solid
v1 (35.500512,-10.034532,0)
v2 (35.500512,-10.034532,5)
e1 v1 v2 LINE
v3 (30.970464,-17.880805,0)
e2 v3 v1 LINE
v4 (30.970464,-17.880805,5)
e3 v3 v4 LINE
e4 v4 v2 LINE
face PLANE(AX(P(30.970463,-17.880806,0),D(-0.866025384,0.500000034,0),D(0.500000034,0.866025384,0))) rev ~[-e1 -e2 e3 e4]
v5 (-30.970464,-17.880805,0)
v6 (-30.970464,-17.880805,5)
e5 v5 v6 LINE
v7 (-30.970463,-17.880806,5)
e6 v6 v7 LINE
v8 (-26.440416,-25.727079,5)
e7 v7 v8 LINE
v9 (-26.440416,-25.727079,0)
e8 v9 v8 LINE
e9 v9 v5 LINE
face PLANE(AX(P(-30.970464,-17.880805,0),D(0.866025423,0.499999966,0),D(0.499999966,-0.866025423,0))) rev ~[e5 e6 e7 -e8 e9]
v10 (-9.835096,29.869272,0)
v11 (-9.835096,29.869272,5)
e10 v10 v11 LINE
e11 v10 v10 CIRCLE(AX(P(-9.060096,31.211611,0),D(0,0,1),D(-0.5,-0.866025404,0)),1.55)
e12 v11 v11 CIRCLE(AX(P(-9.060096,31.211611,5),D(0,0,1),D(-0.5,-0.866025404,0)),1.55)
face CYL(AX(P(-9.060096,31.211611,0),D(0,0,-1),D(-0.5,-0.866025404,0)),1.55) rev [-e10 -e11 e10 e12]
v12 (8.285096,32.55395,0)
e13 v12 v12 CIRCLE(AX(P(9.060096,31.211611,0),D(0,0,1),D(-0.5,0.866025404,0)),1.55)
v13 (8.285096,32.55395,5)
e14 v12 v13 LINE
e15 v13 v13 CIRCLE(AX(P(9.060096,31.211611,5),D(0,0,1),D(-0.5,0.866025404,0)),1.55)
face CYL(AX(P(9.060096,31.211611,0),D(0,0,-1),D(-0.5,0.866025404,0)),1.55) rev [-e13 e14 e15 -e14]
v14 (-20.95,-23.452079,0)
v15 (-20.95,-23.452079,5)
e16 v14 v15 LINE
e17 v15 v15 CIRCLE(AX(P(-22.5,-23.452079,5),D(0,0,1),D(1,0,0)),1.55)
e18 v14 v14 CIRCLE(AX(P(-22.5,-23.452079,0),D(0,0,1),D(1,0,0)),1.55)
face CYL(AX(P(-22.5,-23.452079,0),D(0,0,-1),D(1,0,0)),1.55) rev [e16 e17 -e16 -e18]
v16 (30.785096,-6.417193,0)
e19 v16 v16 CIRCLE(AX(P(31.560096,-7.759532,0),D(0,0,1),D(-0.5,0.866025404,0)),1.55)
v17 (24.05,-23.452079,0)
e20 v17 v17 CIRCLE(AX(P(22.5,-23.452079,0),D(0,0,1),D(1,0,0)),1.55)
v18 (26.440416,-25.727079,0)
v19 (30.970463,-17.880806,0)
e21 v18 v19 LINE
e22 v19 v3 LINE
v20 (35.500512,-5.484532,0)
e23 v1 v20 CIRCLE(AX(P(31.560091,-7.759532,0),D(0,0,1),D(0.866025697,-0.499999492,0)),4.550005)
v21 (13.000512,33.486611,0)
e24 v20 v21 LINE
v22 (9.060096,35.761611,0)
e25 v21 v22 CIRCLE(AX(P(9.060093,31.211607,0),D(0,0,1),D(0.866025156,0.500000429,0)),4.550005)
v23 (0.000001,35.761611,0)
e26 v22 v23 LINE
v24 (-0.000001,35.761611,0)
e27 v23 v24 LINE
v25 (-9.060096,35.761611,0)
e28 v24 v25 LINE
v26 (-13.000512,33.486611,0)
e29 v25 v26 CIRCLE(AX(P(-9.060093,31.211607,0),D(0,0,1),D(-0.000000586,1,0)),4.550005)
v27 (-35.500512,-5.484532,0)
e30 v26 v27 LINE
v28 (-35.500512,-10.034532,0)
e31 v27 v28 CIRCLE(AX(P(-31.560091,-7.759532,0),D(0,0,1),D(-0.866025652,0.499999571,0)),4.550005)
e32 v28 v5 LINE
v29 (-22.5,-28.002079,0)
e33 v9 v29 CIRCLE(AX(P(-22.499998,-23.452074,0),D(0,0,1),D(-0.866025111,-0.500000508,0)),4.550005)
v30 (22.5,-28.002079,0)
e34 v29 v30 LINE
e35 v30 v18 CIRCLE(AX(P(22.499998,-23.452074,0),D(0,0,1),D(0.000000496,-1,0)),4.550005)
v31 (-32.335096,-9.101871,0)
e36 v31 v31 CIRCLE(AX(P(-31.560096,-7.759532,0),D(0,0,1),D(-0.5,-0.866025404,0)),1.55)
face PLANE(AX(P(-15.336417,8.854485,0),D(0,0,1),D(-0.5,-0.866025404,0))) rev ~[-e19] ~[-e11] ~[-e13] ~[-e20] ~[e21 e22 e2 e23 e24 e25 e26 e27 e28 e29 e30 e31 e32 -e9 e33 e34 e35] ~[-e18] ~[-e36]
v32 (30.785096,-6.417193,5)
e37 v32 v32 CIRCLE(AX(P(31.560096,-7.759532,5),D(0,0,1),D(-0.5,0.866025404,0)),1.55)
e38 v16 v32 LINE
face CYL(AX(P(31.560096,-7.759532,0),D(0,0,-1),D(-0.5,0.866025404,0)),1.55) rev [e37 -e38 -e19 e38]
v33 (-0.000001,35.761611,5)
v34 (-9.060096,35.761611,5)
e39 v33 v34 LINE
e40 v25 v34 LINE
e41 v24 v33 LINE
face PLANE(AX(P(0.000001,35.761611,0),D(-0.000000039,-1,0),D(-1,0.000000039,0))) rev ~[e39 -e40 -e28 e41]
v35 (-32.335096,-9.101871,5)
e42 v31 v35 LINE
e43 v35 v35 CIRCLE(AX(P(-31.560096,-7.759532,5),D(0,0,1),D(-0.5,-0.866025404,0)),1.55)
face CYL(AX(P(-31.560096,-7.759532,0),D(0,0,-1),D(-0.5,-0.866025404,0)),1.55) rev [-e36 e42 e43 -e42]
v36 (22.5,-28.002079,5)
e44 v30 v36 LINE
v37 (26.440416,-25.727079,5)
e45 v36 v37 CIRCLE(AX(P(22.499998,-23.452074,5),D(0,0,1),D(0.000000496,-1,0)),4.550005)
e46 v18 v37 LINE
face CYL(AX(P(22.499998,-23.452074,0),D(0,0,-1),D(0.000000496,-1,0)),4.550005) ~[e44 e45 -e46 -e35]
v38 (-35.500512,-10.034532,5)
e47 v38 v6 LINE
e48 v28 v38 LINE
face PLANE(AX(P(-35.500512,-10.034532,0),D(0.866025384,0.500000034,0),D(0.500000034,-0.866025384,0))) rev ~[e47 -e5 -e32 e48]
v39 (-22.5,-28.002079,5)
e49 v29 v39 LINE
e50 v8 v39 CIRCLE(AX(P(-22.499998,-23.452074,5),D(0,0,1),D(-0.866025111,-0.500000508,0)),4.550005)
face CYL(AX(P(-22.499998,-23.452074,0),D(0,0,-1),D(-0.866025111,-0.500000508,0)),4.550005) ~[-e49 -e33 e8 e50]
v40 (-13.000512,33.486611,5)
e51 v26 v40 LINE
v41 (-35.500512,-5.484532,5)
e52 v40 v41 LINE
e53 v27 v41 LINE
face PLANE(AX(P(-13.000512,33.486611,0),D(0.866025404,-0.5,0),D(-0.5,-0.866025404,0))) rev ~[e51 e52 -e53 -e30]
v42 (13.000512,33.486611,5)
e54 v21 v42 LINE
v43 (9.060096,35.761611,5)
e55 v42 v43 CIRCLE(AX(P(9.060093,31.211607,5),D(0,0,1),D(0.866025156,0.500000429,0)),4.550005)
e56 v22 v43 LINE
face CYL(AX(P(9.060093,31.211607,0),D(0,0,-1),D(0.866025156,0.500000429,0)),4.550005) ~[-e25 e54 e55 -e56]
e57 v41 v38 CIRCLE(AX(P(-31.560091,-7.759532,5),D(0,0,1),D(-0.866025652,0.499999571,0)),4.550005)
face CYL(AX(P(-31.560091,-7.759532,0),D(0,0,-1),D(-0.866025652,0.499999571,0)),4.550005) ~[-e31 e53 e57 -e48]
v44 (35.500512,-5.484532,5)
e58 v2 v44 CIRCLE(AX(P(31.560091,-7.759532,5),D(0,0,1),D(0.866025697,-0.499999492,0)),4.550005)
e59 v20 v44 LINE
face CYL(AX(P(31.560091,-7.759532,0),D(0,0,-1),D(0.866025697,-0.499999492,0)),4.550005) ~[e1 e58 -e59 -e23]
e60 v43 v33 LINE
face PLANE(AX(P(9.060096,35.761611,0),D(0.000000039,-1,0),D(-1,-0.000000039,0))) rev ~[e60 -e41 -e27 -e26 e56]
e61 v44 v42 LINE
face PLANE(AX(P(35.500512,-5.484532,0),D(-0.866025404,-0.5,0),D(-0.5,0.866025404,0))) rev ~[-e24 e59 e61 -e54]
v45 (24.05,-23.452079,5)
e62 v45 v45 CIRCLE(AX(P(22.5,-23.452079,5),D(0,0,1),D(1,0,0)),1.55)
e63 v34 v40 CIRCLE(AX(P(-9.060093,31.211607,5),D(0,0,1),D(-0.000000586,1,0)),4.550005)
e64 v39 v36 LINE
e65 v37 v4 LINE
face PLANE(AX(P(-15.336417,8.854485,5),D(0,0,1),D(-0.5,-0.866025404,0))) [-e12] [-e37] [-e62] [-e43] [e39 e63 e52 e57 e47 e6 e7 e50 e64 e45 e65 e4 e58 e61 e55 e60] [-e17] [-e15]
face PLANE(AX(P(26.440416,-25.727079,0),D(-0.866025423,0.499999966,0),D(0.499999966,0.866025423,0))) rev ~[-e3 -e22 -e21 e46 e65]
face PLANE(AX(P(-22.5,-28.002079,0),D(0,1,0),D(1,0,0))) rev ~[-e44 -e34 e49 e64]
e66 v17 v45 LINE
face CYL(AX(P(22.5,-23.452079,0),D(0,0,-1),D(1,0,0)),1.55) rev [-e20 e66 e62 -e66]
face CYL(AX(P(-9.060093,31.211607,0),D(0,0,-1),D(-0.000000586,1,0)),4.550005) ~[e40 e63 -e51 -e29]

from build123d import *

# Parameters (mm, degrees)
F0_R     = 1.55
F1_DEPTH = 5
F2_COUNT = 3
F2_ANGLE = 240


with BuildPart() as f1:
    # F0 (on Top) → F1 (new body)
    with BuildSketch(Plane.XY):
        with BuildLine():
            ThreePointArc((-26.440416, -25.727079), (-24.775, -27.392494), (-22.5, -28.002079))
            Line((-22.5, -28.002079), (22.5, -28.002079))
            ThreePointArc((22.5, -28.002079), (24.775, -27.392494), (26.440416, -25.727079))
            Line((26.440416, -25.727079), (30.970464, -17.880805))
            Line((30.970464, -17.880805), (0, 0))
            Line((0, 0), (-30.970464, -17.880805))
            Line((-30.970464, -17.880805), (-26.440416, -25.727079))
        make_face()
        with Locations((-22.5, -23.452079)):
            Circle(F0_R, mode=Mode.SUBTRACT)
        with Locations((22.5, -23.452079)):
            Circle(F0_R, mode=Mode.SUBTRACT)
    extrude(amount=F1_DEPTH)

    # F2: F1 ×3 about axis
    f2_axis = Axis((0, 0, 2.5), (0, 0, 1))


with BuildPart() as f1_1:
    add(f1.part)
    for i in range(1, F2_COUNT):
        add(f1.part.rotate(f2_axis, i * F2_ANGLE / (F2_COUNT - 1)))


solid = f1_1.part
